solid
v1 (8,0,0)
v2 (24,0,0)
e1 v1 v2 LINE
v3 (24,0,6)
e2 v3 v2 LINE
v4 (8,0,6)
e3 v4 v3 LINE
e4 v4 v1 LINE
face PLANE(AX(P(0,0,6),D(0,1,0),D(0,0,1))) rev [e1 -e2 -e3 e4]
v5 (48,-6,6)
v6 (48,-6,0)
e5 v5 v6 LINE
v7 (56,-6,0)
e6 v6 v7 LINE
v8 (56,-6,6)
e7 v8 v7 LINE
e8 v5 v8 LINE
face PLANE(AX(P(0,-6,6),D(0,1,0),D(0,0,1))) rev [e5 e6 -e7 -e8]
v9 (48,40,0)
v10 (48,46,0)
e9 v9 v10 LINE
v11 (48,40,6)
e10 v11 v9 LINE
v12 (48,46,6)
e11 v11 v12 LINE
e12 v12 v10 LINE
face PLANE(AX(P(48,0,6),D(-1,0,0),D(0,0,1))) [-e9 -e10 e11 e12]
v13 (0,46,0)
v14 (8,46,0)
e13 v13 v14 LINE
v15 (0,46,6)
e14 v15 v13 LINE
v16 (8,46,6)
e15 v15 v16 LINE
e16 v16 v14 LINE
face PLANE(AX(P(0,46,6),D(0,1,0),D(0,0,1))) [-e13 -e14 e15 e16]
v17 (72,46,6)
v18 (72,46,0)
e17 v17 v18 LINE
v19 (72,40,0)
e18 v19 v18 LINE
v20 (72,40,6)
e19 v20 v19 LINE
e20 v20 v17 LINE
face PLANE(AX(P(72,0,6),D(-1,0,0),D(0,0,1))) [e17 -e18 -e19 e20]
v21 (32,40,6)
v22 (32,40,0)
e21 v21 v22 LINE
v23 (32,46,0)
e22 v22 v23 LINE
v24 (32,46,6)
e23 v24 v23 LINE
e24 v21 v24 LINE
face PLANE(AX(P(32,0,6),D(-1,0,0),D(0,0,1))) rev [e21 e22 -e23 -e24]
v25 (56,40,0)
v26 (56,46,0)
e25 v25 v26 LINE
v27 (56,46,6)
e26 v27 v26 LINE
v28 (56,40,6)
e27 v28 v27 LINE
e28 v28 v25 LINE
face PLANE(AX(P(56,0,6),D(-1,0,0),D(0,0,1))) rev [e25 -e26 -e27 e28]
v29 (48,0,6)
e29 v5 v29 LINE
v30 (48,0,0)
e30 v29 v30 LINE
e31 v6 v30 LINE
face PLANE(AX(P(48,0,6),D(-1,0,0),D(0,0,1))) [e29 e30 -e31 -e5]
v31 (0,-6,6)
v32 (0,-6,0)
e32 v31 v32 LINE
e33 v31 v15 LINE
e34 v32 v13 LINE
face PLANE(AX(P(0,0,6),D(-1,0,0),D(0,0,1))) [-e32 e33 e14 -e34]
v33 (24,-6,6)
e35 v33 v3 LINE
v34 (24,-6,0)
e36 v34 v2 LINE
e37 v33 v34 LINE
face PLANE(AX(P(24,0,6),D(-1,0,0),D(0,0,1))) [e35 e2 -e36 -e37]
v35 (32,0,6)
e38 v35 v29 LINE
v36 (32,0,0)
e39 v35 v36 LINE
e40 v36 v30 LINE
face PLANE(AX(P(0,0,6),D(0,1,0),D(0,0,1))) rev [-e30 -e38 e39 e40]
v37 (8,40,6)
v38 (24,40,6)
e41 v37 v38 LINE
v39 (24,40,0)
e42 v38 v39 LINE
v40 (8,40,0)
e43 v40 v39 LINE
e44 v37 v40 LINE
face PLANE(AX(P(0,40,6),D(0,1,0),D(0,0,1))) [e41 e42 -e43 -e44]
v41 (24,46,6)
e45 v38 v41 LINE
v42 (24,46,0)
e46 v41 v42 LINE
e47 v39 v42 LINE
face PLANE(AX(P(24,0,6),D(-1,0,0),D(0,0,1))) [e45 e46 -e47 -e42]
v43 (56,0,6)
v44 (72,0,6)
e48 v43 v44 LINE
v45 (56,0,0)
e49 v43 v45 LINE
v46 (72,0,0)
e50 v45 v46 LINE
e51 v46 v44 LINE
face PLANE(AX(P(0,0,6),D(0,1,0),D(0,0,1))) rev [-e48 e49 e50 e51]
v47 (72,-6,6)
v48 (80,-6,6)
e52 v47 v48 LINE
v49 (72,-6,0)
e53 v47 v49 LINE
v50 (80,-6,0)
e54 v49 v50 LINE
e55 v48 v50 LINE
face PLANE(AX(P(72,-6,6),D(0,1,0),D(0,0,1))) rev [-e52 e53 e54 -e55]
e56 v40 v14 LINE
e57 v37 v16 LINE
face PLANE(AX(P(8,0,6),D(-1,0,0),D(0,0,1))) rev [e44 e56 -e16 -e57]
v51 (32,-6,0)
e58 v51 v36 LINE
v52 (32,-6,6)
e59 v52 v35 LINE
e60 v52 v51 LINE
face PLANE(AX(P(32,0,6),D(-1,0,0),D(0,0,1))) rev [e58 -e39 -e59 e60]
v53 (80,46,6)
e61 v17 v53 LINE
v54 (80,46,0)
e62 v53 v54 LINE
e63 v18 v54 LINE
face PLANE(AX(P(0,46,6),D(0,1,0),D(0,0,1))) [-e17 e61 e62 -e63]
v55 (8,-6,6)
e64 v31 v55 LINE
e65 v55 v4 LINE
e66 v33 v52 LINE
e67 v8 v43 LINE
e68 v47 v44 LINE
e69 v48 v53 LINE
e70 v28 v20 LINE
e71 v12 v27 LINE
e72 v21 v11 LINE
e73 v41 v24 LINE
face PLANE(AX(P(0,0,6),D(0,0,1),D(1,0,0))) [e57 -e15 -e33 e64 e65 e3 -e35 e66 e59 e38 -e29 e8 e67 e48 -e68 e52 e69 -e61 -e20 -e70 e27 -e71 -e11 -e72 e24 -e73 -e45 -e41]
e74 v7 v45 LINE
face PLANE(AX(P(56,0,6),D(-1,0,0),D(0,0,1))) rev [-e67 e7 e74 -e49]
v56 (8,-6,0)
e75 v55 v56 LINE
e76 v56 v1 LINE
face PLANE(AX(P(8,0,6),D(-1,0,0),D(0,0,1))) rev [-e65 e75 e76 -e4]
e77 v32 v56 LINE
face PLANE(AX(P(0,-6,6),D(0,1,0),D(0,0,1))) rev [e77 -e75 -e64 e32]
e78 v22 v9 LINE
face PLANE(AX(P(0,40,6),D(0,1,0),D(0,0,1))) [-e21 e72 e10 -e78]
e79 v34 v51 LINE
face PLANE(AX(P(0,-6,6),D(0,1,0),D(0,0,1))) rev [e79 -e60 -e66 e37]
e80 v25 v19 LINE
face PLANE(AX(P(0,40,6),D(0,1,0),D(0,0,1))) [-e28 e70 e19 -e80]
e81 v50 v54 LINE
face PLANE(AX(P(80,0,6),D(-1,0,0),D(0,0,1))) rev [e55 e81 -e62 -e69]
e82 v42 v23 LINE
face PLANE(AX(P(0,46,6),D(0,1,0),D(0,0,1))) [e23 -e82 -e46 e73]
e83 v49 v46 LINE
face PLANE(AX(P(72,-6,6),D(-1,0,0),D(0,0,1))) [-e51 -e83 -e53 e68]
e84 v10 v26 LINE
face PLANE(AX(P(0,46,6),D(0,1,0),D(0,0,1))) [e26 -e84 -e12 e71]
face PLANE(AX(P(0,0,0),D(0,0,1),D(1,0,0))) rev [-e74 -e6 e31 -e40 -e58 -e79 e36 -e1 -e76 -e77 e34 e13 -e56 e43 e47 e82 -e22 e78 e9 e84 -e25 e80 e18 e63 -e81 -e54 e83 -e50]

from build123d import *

# Parameters (mm, degrees)
ESQUISSE1_W        = 8
ESQUISSE1_H        = 6
BOSS_EXTRU_1_DEPTH = 6


with BuildPart() as part:
    # Esquisse1 → Boss.-Extru.1 (new body)
    with BuildSketch(Plane.XY):
        with Locations((4, -3)):
            Rectangle(ESQUISSE1_W, ESQUISSE1_H)
        with Locations((28, -3)):
            Rectangle(ESQUISSE1_W, ESQUISSE1_H)
        with Locations((52, -3)):
            Rectangle(ESQUISSE1_W, ESQUISSE1_H)
        Polygon((80, 20), (0, 20), (0, 0), (8, 0), (24, 0), (32, 0), (48, 0), (56, 0), (72, 0), (80, 0), align=None)
        Polygon((0, 40), (0, 20), (80, 20), (80, 40), (72, 40), (56, 40), (48, 40), (32, 40), (24, 40), (8, 40), align=None)
        with Locations((76, 43)):
            Rectangle(ESQUISSE1_W, ESQUISSE1_H)
        with Locations((52, 43)):
            Rectangle(ESQUISSE1_W, ESQUISSE1_H)
        with Locations((28, 43)):
            Rectangle(ESQUISSE1_W, ESQUISSE1_H)
        with Locations((4, 43)):
            Rectangle(ESQUISSE1_W, ESQUISSE1_H)
        with Locations((76, -3)):
            Rectangle(ESQUISSE1_W, ESQUISSE1_H)
    extrude(amount=BOSS_EXTRU_1_DEPTH)


solid = part.part
